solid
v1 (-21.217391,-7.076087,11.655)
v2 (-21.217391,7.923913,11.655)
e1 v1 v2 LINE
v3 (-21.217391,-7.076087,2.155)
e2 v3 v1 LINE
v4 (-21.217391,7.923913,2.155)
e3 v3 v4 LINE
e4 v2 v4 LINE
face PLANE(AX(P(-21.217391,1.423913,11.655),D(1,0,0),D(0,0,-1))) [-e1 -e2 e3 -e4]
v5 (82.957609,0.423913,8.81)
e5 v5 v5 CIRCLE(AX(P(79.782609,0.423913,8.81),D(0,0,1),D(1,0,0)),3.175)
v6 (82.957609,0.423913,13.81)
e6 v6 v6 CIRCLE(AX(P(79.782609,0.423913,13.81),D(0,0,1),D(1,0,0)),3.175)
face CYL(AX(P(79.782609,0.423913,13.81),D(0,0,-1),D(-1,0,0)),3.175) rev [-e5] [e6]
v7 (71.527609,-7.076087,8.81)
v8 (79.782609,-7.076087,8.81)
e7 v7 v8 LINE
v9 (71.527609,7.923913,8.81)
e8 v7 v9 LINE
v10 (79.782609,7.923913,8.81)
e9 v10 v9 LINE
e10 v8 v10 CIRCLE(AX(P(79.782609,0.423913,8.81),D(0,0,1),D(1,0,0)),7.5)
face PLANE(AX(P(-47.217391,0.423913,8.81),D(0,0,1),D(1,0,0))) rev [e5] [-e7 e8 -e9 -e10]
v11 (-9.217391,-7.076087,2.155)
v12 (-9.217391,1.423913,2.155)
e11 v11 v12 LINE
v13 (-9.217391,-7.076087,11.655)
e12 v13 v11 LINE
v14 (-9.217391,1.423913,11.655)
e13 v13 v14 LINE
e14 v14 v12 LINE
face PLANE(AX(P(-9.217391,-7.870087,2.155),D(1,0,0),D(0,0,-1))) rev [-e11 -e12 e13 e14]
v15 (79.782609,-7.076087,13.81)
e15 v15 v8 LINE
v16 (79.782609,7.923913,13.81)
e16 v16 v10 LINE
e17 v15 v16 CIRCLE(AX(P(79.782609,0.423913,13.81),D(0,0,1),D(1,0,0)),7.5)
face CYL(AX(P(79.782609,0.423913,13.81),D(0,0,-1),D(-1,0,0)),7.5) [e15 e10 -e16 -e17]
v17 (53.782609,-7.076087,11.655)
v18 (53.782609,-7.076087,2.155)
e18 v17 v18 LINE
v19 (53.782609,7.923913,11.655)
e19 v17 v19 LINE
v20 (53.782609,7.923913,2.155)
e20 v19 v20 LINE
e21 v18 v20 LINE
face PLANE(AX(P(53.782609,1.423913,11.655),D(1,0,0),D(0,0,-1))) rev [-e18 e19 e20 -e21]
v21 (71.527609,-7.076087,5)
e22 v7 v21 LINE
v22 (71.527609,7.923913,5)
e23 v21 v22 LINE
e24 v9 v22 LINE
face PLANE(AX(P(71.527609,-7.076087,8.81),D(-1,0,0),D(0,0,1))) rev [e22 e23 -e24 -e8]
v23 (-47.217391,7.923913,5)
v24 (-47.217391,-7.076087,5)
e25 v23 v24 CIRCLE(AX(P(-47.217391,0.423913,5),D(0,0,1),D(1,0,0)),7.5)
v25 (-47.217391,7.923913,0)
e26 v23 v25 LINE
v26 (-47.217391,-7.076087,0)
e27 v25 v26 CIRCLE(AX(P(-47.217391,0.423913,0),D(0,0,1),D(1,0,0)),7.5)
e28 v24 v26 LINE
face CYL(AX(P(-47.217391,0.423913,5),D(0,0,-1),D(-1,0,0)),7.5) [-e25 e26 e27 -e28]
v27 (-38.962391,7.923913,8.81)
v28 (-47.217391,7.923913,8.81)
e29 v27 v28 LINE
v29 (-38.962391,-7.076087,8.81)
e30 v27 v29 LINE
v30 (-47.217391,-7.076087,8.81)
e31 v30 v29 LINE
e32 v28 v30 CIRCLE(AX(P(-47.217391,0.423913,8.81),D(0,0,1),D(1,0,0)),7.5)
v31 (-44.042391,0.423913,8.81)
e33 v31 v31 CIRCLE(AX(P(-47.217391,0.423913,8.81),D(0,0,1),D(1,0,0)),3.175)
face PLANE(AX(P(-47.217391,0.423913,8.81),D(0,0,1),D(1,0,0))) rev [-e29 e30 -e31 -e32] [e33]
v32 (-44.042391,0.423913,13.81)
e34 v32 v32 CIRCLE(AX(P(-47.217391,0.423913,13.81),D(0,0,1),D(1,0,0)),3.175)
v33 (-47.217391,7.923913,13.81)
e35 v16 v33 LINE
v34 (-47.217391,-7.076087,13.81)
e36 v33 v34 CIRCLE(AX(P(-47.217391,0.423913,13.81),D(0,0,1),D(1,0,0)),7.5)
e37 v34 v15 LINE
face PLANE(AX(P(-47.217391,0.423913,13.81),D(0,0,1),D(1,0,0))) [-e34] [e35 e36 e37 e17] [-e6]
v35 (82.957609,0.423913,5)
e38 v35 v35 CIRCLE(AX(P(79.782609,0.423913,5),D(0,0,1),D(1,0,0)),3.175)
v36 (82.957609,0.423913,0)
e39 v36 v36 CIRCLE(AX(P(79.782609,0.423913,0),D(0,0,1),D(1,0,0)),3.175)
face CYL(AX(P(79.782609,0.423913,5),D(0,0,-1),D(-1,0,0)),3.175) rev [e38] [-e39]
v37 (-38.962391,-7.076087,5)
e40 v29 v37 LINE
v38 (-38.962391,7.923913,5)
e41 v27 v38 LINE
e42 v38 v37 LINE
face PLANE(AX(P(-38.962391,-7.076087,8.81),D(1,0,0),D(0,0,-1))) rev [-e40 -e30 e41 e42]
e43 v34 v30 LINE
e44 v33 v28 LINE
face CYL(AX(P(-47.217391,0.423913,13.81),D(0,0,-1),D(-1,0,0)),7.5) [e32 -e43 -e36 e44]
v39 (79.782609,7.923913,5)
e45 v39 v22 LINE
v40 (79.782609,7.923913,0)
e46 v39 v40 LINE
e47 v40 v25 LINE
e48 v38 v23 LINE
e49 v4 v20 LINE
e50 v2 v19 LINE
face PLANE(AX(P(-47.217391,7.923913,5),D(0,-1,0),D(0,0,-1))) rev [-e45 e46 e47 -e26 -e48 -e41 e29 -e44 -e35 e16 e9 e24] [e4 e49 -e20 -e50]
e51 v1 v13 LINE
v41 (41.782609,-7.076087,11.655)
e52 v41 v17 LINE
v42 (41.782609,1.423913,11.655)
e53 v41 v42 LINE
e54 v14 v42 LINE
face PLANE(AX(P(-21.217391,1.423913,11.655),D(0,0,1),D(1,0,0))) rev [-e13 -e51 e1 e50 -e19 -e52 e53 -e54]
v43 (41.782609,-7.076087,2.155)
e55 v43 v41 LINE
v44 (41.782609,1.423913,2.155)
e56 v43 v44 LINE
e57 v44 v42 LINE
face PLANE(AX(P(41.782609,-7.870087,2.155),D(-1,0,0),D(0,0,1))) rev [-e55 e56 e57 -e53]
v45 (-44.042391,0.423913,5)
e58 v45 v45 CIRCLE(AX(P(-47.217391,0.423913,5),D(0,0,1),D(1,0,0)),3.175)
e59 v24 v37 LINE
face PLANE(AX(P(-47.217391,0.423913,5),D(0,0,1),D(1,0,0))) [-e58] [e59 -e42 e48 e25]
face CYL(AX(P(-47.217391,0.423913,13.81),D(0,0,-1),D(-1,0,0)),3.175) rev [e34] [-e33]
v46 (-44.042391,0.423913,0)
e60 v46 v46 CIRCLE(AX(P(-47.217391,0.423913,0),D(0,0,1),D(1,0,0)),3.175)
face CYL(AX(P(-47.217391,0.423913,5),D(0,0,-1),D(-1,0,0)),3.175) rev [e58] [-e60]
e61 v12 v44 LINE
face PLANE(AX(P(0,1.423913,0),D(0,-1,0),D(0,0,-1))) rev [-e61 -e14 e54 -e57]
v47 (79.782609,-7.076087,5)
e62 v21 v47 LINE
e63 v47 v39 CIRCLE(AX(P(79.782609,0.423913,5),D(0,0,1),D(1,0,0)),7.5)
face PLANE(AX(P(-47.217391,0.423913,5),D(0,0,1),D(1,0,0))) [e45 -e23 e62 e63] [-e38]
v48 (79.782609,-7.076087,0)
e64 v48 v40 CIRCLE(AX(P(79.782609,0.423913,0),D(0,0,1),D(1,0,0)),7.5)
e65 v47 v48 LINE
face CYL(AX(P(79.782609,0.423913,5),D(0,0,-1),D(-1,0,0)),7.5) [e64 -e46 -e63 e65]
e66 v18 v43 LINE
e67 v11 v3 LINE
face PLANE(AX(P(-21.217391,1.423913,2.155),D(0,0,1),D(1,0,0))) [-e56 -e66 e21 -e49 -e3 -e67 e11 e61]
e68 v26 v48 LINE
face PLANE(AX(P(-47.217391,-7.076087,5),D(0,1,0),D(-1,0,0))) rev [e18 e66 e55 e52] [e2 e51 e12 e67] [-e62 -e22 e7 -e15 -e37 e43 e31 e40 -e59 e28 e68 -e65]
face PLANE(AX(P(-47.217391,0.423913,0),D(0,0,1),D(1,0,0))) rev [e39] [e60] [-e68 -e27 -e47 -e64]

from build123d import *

# Parameters (mm, degrees)
SKETCH1_R           = 3.175
BOSS_EXTRUDE1_DEPTH = 5
SKETCH2_W           = 110.49
SKETCH2_H           = 15
BOSS_EXTRUDE2_DEPTH = 3.81
SKETCH5_R           = 3.175
BOSS_EXTRUDE3_DEPTH = 5
SKETCH6_W           = 75
SKETCH6_H           = 9.5
CUT_EXTRUDE1_DEPTH  = 6.5
SKETCH7_W           = 12
SKETCH7_H           = 9.5
CUT_EXTRUDE2_DEPTH  = 9.294


with BuildPart() as part:
    # Sketch1 → Boss-Extrude1 (new body)
    with BuildSketch(Plane.XY):
        with BuildLine():
            Line((-47.217391304, 7.923913043), (79.782608696, 7.923913043))
            ThreePointArc((79.782608696, 7.923913043), (87.282608696, 0.423913043), (79.782608696, -7.076086957))
            Line((79.782608696, -7.076086957), (-47.217391304, -7.076086957))
            ThreePointArc((-47.217391304, -7.076086957), (-54.717391304, 0.423913043), (-47.217391304, 7.923913043))
        make_face()
        with Locations((-47.217391304, 0.423913043)):
            Circle(SKETCH1_R, mode=Mode.SUBTRACT)
        with Locations((79.782608696, 0.423913043)):
            Circle(SKETCH1_R, mode=Mode.SUBTRACT)
    extrude(amount=BOSS_EXTRUDE1_DEPTH)

    # Sketch2 → Boss-Extrude2 (add)
    with BuildSketch(Plane.XY.offset(5)):
        with Locations((16.282608696, 0.423913043)):
            Rectangle(SKETCH2_W, SKETCH2_H)
    extrude(amount=BOSS_EXTRUDE2_DEPTH)

    # Sketch5 → Boss-Extrude3 (add)
    with BuildSketch(Plane.XY.offset(8.81)):
        with BuildLine():
            Line((-47.217391304, 7.923913043), (79.782608696, 7.923913043))
            ThreePointArc((79.782608696, 7.923913043), (87.282608696, 0.423913043), (79.782608696, -7.076086957))
            Line((79.782608696, -7.076086957), (-47.217391304, -7.076086957))
            ThreePointArc((-47.217391304, -7.076086957), (-54.717391304, 0.423913043), (-47.217391304, 7.923913043))
        make_face()
        with Locations((-47.217391304, 0.423913043)):
            Circle(SKETCH5_R, mode=Mode.SUBTRACT)
        with Locations((79.782608696, 0.423913043)):
            Circle(SKETCH5_R, mode=Mode.SUBTRACT)
    extrude(amount=BOSS_EXTRUDE3_DEPTH)

    # Sketch6 → Cut-Extrude1 (cut)
    with BuildSketch(Plane(origin=(0, 7.923913043, 0), x_dir=(1, 0, 0), z_dir=(0, 1, 0))):
        with Locations((16.282608696, -6.905)):
            Rectangle(SKETCH6_W, SKETCH6_H)
    extrude(amount=-CUT_EXTRUDE1_DEPTH, mode=Mode.SUBTRACT)

    # Sketch7 → Cut-Extrude2 (cut)
    with BuildSketch(Plane(origin=(0, 1.423913043, 0), x_dir=(1, 0, 0), z_dir=(0, 1, 0))):
        with Locations((-15.217391304, -6.905)):
            Rectangle(SKETCH7_W, SKETCH7_H)
        with Locations((47.782608696, -6.905)):
            Rectangle(SKETCH7_W, SKETCH7_H)
    extrude(amount=-CUT_EXTRUDE2_DEPTH, mode=Mode.SUBTRACT)


solid = part.part
